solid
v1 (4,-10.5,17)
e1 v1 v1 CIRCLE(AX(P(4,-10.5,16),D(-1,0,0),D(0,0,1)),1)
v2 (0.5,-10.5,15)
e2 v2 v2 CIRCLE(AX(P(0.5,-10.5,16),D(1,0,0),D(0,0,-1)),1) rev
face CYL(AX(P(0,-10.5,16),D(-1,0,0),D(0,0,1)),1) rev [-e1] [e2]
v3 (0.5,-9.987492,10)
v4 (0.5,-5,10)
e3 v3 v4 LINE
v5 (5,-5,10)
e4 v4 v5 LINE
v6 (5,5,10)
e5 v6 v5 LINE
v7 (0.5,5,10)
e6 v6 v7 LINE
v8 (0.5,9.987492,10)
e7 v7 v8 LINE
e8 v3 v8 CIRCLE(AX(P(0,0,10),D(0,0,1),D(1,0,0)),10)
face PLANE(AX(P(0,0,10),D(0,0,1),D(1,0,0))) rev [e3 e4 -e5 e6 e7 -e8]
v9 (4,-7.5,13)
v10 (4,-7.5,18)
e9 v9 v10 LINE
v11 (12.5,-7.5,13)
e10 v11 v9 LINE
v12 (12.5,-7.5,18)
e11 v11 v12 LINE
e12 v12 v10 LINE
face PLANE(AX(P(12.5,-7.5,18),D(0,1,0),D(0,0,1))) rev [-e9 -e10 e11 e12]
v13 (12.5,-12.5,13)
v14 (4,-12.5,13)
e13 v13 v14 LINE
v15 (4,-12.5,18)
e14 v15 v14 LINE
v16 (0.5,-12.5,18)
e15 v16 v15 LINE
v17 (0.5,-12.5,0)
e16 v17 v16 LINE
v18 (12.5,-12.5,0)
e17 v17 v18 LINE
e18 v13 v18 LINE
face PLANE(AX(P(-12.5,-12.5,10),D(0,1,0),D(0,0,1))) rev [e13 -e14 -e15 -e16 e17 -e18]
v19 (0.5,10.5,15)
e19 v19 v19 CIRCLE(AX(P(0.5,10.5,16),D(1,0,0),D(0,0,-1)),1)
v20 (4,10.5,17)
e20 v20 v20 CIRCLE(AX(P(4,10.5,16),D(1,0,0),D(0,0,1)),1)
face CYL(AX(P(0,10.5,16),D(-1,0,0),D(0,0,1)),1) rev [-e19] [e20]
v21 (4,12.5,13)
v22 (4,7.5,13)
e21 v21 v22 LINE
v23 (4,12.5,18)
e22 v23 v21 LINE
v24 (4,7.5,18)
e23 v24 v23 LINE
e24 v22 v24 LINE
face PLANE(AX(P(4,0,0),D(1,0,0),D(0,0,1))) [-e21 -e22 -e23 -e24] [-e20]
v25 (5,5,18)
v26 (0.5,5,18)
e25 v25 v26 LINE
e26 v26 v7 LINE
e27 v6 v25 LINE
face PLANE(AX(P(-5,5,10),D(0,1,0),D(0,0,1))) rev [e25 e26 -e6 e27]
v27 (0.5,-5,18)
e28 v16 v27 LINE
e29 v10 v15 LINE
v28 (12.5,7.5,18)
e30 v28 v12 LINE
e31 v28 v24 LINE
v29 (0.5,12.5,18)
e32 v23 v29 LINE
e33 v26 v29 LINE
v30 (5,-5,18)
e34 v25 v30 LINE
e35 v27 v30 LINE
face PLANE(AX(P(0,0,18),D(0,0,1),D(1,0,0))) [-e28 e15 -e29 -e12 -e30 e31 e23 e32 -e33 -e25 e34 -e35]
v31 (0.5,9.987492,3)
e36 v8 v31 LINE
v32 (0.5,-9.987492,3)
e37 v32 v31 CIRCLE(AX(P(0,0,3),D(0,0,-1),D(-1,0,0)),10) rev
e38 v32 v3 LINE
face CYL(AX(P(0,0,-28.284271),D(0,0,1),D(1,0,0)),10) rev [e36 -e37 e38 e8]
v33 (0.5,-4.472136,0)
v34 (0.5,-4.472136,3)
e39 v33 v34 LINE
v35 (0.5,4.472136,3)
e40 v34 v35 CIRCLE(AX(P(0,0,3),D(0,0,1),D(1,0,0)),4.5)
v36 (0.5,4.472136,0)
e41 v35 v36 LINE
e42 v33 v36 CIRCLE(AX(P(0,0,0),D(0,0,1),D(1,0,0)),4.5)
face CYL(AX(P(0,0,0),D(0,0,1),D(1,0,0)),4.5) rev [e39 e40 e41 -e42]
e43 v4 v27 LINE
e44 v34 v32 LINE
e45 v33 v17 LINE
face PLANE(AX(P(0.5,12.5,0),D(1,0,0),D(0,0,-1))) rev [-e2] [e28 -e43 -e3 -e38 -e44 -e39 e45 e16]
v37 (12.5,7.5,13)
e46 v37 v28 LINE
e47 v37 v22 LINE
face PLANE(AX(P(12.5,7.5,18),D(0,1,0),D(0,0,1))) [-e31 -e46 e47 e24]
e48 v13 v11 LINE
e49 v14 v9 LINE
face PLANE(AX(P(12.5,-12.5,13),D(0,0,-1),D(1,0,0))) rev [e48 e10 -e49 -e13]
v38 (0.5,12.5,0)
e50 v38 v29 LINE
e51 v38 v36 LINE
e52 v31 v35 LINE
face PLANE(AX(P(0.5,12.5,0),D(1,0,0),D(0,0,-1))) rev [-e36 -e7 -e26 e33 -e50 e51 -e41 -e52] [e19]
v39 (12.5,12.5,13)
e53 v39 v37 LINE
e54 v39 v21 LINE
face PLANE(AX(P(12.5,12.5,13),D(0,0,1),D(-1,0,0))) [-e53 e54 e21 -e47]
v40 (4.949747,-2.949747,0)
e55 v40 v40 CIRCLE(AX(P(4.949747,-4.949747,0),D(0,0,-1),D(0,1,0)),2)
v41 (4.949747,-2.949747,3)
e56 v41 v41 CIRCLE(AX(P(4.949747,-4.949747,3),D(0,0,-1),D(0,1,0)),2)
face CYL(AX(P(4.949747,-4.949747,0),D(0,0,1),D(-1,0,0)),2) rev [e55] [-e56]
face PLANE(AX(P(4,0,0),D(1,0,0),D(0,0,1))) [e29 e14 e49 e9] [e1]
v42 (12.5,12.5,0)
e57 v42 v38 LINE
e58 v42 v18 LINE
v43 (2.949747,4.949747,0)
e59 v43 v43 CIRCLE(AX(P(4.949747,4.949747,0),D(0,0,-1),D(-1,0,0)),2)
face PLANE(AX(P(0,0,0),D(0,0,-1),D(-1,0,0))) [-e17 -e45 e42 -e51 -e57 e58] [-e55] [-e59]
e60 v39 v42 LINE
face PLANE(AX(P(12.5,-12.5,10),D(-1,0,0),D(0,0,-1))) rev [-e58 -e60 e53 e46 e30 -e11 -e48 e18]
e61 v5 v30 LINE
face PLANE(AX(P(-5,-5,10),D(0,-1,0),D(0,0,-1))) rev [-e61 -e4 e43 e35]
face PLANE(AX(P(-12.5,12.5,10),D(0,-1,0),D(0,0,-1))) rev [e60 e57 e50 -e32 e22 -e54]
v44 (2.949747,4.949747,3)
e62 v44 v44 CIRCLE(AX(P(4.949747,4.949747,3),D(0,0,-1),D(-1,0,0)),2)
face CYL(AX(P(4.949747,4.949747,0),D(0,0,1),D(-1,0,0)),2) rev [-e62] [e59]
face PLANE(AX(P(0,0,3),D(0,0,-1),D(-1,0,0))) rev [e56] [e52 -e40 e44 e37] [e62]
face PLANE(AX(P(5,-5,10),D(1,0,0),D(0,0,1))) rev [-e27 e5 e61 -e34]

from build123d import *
from build123d.topology import SkipClean

# Parameters (mm, degrees)
SKETCH_1_W               = 25
SKETCH_1_H               = 25
EXTRUDE_1_DEPTH          = 10
SKETCH_2_R               = 10
CUT_EXTRUDE_1_DEPTH      = 7
SKETCH_3_R               = 4.5
CUT_EXTRUDE_2_DEPTH      = 20.013153342
SKETCH_4_R               = 2
CUT_EXTRUDE_4_DEPTH      = 20.013153342
PATTERN_CIRCULAR_1_COUNT = 4
SKETCH_5_W               = 25
SKETCH_5_H               = 25
EXTRUDE_2_DEPTH          = 8
SKETCH_6_W               = 10
SKETCH_6_H               = 10
CUT_EXTRUDE_5_DEPTH      = 8
SKETCH_8_W               = 17.447834749
SKETCH_8_H               = 20.945056097
CUT_EXTRUDE_8_DEPTH      = 34.24530042
CUT_EXTRUDE_START        = -4
SKETCH_12_W              = 5
SKETCH_12_H              = 5
CUT_EXTRUDE_9_DEPTH      = 22.228951623
SKETCH_13_R              = 1
CUT_EXTRUDE_10_DEPTH     = 24.505318547
SKETCH_14_W              = 16.881791219
SKETCH_14_H              = 21.447400351
CUT_EXTRUDE_11_DEPTH     = 34.24530042


with BuildPart() as part:
    # 草图1 → 凸台-拉伸1 (new body)
    with BuildSketch(Plane.XY):
        Rectangle(SKETCH_1_W, SKETCH_1_H)
    extrude(amount=EXTRUDE_1_DEPTH)

    # 草图2 → 切除-拉伸1 (cut)
    with BuildSketch(Plane.XY.offset(10)):
        Circle(SKETCH_2_R)
    extrude(amount=-CUT_EXTRUDE_1_DEPTH, mode=Mode.SUBTRACT)

    # 草图3 → 切除-拉伸2 (cut, through all)
    with BuildSketch(Plane.XY.offset(3)):
        Circle(SKETCH_3_R)
    extrude(amount=-CUT_EXTRUDE_2_DEPTH, mode=Mode.SUBTRACT)

    # 草图4 → 切除-拉伸4 (cut, through all)
    with BuildSketch(Plane.XY.offset(3)):
        with Locations((-4.949747468, 4.949747468)):
            Circle(SKETCH_4_R)
    cut_extrude_4 = extrude(amount=-CUT_EXTRUDE_4_DEPTH, mode=Mode.SUBTRACT)

    # 阵列(圆周)1: 切除-拉伸4 ×4 about axis
    pattern_circular_1_axis = Axis((0, 0, 0), (0, 0, 1))
    for i in range(1, PATTERN_CIRCULAR_1_COUNT):
        add(cut_extrude_4.rotate(pattern_circular_1_axis, i * 360 / PATTERN_CIRCULAR_1_COUNT), mode=Mode.SUBTRACT)

    # 草图5 → 凸台-拉伸2 (add)
    with BuildSketch(Plane.XY.offset(10)):
        Rectangle(SKETCH_5_W, SKETCH_5_H)
    extrude(amount=EXTRUDE_2_DEPTH)

    # 草图6 → 切除-拉伸5 (cut)
    with BuildSketch(Plane.XY.offset(18)):
        Rectangle(SKETCH_6_W, SKETCH_6_H)
    extrude(amount=-CUT_EXTRUDE_5_DEPTH, mode=Mode.SUBTRACT)

    # 草图8 → 切除-拉伸8 (cut, through all)
    with BuildSketch(Plane.XZ.offset(12.5)):
        with Locations((8.723917375, 10.472528049)):
            Rectangle(SKETCH_8_W, SKETCH_8_H)
    extrude(amount=-CUT_EXTRUDE_8_DEPTH, mode=Mode.SUBTRACT)

    # 草图12 → 切除-拉伸9 (cut, through all)
    with BuildSketch(Plane(origin=(0, 0, 0), x_dir=(0, 0, -1), z_dir=(1, 0, 0)).offset(CUT_EXTRUDE_START)):
        with Locations((-15.5, -10)):
            Rectangle(SKETCH_12_W, SKETCH_12_H)
    cut_extrude_9 = extrude(amount=-CUT_EXTRUDE_9_DEPTH, mode=Mode.SUBTRACT)

    # 镜向1: 切除-拉伸9 across plane
    add(cut_extrude_9.mirror(Plane.ZX), mode=Mode.SUBTRACT)

    # 草图13 → 切除-拉伸10 (cut, through all)
    with BuildSketch(Plane.ZY.offset(4)):
        with Locations((16, -10.5)):
            Circle(SKETCH_13_R)
    cut_extrude_10 = extrude(amount=-CUT_EXTRUDE_10_DEPTH, mode=Mode.SUBTRACT)

    # 镜向2: 切除-拉伸10 across plane
    add(cut_extrude_10.mirror(Plane.ZX), mode=Mode.SUBTRACT)

    # 镜向3: part across plane


with BuildPart() as part_1:
    with SkipClean():  # the faces are left unmerged after this step: merging them gives an invalid solid
        add(part.part)
        add(part.part.mirror(Plane(origin=(0, 12.5, 0), x_dir=(0, 0, 1), z_dir=(-1, 0, 0))))

    # 草图14 → 切除-拉伸11 (cut, through all)
    with BuildSketch(Plane.XZ.offset(12.5)):
        with Locations((-7.94089561, 10.723700176)):
            Rectangle(SKETCH_14_W, SKETCH_14_H)
    extrude(amount=-CUT_EXTRUDE_11_DEPTH, mode=Mode.SUBTRACT)


solid = part_1.part
